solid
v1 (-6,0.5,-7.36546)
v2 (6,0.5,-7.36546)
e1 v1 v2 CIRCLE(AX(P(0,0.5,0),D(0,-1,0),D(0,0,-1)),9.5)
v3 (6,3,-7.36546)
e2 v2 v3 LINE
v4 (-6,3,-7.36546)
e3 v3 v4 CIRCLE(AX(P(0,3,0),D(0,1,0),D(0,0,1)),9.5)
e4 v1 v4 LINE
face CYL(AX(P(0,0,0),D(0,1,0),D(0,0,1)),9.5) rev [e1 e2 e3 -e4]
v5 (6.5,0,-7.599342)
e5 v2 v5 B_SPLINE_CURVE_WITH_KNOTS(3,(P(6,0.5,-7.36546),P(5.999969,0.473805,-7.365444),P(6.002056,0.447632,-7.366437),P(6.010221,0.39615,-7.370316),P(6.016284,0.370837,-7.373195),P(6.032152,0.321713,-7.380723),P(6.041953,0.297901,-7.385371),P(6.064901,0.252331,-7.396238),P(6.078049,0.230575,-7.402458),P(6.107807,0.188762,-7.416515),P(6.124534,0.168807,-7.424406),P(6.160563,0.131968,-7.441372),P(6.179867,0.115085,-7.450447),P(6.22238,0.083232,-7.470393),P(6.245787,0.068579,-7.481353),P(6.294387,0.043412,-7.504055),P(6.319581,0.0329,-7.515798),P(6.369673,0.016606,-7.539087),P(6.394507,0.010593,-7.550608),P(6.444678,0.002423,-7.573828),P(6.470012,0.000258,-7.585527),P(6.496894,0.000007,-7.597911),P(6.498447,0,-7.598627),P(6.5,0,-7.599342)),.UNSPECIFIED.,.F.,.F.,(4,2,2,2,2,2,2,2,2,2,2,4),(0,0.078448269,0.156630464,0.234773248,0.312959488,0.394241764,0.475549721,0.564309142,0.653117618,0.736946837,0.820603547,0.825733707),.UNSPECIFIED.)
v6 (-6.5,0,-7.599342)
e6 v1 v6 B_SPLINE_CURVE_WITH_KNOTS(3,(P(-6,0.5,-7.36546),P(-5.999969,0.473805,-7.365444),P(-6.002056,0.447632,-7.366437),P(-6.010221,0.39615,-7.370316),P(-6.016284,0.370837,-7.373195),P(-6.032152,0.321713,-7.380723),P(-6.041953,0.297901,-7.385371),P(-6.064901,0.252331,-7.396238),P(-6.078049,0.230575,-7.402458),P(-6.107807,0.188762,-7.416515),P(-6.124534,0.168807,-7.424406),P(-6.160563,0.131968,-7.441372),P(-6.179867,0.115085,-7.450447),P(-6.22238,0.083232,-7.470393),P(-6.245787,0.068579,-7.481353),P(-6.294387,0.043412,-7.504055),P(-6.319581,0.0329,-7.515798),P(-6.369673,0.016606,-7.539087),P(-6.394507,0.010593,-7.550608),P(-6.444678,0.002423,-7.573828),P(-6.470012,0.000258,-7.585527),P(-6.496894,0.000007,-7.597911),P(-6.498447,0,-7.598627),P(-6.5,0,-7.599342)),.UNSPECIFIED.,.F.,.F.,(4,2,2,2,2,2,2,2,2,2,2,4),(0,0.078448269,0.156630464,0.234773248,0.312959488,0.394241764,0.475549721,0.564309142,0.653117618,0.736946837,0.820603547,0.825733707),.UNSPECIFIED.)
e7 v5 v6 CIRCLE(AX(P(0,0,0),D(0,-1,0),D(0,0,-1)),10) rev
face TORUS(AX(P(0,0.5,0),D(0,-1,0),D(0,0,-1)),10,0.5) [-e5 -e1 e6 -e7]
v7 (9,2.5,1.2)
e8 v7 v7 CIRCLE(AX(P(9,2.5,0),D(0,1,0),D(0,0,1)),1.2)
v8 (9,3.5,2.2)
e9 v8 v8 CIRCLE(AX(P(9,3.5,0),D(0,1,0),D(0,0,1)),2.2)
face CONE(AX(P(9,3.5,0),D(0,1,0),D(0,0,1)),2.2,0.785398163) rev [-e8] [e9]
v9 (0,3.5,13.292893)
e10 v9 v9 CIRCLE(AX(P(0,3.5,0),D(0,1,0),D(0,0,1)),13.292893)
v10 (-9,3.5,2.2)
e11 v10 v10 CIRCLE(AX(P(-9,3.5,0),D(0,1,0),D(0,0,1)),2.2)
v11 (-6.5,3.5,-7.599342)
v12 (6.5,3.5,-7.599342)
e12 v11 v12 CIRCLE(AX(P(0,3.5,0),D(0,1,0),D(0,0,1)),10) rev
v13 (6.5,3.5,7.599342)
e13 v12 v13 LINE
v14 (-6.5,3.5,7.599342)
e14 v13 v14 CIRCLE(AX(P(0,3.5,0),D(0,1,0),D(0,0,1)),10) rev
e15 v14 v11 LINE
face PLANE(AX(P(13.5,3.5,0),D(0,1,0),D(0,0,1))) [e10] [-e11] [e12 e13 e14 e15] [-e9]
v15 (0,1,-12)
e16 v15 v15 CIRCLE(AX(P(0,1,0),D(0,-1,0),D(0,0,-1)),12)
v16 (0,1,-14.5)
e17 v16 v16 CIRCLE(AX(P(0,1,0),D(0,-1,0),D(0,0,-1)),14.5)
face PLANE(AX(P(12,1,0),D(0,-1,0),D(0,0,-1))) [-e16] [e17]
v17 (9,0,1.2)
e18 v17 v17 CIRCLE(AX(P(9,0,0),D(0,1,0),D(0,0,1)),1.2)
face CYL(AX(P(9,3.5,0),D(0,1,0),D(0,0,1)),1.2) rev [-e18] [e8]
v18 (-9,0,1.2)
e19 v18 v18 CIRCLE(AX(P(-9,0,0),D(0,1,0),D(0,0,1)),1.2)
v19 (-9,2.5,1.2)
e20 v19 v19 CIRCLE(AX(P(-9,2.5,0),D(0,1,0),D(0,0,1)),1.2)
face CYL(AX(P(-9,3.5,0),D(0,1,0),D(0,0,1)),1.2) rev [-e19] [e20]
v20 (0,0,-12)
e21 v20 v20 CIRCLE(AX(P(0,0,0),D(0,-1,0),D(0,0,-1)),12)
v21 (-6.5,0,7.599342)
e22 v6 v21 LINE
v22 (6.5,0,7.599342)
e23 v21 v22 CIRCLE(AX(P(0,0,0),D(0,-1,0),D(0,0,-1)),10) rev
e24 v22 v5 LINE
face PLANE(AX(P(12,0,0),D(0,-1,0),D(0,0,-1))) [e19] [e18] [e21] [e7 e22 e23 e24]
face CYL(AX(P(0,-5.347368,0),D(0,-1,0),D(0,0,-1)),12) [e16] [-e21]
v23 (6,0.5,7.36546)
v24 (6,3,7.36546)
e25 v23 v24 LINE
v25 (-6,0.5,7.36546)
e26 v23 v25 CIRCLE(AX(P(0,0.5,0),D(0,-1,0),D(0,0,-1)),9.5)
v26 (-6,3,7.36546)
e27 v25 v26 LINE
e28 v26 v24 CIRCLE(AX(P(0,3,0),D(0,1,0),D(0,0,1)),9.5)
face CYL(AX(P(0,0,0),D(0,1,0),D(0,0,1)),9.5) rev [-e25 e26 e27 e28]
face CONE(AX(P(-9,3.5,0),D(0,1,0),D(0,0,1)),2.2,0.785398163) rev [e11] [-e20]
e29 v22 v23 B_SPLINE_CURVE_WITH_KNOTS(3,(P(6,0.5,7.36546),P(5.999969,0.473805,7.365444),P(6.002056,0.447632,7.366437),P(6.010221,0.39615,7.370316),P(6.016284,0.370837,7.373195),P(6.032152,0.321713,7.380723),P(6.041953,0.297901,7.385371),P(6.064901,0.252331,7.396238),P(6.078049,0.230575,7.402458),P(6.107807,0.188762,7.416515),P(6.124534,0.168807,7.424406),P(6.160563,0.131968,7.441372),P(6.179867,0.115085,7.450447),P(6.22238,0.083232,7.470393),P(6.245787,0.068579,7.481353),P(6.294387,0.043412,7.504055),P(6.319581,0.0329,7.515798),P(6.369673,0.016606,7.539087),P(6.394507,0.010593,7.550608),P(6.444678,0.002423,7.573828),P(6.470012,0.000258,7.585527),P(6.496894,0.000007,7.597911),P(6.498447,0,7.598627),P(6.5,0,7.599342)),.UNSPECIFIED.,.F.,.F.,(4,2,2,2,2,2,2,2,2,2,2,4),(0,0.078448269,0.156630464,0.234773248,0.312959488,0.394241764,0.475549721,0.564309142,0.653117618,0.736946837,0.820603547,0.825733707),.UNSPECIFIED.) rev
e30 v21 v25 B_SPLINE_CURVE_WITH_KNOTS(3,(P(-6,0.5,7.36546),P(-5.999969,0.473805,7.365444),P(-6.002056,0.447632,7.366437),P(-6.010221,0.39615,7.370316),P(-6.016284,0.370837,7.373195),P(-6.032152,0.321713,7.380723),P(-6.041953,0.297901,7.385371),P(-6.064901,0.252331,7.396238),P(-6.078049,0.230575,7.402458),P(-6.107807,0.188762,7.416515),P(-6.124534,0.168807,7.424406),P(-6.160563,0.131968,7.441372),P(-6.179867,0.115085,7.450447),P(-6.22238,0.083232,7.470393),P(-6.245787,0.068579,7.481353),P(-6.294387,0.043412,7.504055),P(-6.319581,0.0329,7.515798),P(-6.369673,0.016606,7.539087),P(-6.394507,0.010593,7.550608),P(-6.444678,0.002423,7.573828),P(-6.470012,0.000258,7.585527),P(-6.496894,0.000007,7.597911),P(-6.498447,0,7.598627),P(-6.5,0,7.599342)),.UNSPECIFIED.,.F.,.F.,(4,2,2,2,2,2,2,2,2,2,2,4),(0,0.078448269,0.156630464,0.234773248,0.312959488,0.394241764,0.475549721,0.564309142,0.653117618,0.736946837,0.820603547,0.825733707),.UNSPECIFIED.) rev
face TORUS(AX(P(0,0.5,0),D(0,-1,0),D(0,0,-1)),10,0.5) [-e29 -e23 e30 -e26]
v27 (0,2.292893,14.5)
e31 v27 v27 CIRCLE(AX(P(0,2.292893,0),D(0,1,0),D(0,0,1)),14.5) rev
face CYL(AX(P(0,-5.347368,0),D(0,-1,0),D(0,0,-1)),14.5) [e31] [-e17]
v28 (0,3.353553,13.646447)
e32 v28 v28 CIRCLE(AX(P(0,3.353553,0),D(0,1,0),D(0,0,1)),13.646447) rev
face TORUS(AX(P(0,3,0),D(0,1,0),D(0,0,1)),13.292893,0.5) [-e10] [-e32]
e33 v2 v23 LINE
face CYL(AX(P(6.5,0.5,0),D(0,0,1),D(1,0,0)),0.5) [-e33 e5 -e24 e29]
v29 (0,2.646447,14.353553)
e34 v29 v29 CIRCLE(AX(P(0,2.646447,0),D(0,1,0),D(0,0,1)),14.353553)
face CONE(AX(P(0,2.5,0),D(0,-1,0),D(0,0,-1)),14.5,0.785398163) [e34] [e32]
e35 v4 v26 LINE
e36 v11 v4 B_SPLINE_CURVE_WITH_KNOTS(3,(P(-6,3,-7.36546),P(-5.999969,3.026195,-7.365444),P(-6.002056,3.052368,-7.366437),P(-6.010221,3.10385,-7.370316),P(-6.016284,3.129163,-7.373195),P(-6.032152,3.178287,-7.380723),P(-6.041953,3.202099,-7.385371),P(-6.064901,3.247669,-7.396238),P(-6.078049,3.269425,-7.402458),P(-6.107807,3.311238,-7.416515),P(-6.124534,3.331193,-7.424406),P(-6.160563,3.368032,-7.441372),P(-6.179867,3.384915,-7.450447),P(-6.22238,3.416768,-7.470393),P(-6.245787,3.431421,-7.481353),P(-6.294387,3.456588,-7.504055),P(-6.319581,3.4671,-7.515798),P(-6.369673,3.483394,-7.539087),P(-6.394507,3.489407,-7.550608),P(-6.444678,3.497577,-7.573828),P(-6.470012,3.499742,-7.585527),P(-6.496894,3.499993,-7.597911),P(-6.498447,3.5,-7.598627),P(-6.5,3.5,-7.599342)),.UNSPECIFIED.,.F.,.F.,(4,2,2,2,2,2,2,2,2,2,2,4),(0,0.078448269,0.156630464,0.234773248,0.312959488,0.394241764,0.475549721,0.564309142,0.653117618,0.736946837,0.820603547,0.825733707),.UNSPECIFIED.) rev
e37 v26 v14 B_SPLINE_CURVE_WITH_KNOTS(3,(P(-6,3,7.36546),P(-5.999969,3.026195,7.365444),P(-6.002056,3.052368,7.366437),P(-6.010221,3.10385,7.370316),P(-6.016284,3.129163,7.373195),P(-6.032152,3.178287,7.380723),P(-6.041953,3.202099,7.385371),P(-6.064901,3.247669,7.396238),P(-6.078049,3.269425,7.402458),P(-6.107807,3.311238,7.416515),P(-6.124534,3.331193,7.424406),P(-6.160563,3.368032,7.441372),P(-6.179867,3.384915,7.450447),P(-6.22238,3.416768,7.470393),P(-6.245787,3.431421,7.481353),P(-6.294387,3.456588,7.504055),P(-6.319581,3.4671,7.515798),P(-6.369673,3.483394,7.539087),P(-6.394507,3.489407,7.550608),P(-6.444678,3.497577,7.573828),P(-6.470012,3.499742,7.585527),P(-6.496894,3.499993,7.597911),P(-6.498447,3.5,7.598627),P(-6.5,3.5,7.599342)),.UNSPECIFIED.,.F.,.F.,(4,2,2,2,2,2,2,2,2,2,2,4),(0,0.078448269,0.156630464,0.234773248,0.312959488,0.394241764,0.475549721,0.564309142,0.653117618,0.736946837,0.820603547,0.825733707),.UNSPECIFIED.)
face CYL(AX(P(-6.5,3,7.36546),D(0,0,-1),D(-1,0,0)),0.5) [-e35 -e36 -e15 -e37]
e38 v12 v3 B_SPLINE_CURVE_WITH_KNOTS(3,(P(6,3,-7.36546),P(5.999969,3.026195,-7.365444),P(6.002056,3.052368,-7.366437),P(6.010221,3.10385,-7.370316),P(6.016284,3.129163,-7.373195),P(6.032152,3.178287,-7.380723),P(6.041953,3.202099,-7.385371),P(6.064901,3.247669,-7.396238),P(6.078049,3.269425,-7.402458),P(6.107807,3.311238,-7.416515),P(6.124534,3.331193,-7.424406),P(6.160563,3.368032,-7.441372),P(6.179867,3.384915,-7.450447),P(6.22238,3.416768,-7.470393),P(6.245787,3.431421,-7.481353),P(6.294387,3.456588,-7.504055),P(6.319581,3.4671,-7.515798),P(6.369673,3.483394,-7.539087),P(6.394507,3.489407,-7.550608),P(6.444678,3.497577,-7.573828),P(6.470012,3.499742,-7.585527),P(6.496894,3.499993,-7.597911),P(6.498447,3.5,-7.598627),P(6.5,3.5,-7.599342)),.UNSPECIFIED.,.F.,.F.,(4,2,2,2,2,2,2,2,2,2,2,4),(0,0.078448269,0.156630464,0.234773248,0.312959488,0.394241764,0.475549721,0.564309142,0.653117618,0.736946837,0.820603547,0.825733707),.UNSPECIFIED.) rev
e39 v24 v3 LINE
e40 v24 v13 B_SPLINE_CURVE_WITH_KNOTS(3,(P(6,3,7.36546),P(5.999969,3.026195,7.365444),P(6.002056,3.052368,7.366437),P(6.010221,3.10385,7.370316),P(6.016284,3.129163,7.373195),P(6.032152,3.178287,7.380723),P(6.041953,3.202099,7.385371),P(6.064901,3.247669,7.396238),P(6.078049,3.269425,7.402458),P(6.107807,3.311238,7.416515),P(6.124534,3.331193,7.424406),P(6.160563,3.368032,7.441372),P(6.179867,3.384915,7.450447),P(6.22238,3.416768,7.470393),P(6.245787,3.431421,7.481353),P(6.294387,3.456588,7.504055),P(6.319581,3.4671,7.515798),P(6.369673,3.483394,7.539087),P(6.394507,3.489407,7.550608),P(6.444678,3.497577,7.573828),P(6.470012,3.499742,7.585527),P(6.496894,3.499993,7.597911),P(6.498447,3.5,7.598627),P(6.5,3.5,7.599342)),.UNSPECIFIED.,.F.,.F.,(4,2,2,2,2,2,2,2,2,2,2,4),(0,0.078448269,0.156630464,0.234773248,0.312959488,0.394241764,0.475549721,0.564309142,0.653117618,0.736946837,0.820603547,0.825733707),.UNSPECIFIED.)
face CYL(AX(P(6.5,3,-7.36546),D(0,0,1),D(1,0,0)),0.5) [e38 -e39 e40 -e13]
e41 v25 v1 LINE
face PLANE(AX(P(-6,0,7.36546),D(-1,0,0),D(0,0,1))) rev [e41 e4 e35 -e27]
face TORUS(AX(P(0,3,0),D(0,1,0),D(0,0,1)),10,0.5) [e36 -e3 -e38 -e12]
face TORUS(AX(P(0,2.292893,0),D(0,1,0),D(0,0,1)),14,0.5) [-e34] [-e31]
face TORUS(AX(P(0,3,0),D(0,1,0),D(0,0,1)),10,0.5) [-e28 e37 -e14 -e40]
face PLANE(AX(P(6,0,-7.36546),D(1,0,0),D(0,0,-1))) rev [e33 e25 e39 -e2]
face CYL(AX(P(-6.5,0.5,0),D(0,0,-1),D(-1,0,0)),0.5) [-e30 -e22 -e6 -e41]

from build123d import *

# Parameters (mm, degrees)
ENL_V_MAT_EXTRU_1_DEPTH                        = 21.802644063
CONG_1_R                                       = 0.5
FRAISAGE_POUR_VIS_T_TE_FRAIS_E_M21_D           = 2.4
FRAISAGE_POUR_VIS_T_TE_FRAIS_E_M21_CSINK_D     = 4.4
FRAISAGE_POUR_VIS_T_TE_FRAIS_E_M21_CSINK_ANGLE = 90


with BuildPart() as part:
    # Esquisse1 → Révolution1 (revolve)
    with BuildSketch(Plane.XY, mode=Mode.PRIVATE) as r_volution1_sk:
        Polygon((12, 0), (12, 1), (14.5, 1), (14.5, 2.5), (13.5, 3.5), (0, 3.5), (0, 0), align=None)
    revolve(r_volution1_sk.sketch.rotate(Axis((0, -5.347368421, 0), (0, 1, 0)), 90), axis=Axis((0, -5.347368421, 0), (0, 1, 0)))

    # Esquisse2 → Enlèv. mat.-Extru.1 (cut, through all)
    with BuildSketch(Plane(origin=(0, 3.5, 0), x_dir=(1, 0, 0), z_dir=(0, 1, 0))):
        with BuildLine():
            Line((-6, -7.365459931), (-6, 7.365459931))
            ThreePointArc((-6, 7.365459931), (0, 9.5), (6, 7.365459931))
            Line((6, 7.365459931), (6, -7.365459931))
            ThreePointArc((6, -7.365459931), (0, -9.5), (-6, -7.365459931))
        make_face()
    extrude(amount=-ENL_V_MAT_EXTRU_1_DEPTH, mode=Mode.SUBTRACT)

    # Congé1
    cong_1_edges = [part.edges().sort_by_distance(p)[0] for p in [
        (0, 0, 9.5),
        (-6, 0, 0),
        (0, 0, -9.5),
        (6, 0, 0),
        (0, 3.5, 9.5),
        (6, 3.5, 0),
        (0, 3.5, -9.5),
        (-6, 3.5, 0),
        (0, 2.5, 14.5),
        (0, 3.5, 13.5),
    ]]
    fillet(cong_1_edges, radius=CONG_1_R)

    # Fraisage pour vis à tête fraisée M21 (through all)
    with Locations(Plane(origin=(-9, 3.5, 0), x_dir=(0, 0, 1), z_dir=(0, 1, 0))):
        with Locations((0, 0), (0, 18)):
            CounterSinkHole(FRAISAGE_POUR_VIS_T_TE_FRAIS_E_M21_D / 2, FRAISAGE_POUR_VIS_T_TE_FRAIS_E_M21_CSINK_D / 2, counter_sink_angle=FRAISAGE_POUR_VIS_T_TE_FRAIS_E_M21_CSINK_ANGLE)


solid = part.part
